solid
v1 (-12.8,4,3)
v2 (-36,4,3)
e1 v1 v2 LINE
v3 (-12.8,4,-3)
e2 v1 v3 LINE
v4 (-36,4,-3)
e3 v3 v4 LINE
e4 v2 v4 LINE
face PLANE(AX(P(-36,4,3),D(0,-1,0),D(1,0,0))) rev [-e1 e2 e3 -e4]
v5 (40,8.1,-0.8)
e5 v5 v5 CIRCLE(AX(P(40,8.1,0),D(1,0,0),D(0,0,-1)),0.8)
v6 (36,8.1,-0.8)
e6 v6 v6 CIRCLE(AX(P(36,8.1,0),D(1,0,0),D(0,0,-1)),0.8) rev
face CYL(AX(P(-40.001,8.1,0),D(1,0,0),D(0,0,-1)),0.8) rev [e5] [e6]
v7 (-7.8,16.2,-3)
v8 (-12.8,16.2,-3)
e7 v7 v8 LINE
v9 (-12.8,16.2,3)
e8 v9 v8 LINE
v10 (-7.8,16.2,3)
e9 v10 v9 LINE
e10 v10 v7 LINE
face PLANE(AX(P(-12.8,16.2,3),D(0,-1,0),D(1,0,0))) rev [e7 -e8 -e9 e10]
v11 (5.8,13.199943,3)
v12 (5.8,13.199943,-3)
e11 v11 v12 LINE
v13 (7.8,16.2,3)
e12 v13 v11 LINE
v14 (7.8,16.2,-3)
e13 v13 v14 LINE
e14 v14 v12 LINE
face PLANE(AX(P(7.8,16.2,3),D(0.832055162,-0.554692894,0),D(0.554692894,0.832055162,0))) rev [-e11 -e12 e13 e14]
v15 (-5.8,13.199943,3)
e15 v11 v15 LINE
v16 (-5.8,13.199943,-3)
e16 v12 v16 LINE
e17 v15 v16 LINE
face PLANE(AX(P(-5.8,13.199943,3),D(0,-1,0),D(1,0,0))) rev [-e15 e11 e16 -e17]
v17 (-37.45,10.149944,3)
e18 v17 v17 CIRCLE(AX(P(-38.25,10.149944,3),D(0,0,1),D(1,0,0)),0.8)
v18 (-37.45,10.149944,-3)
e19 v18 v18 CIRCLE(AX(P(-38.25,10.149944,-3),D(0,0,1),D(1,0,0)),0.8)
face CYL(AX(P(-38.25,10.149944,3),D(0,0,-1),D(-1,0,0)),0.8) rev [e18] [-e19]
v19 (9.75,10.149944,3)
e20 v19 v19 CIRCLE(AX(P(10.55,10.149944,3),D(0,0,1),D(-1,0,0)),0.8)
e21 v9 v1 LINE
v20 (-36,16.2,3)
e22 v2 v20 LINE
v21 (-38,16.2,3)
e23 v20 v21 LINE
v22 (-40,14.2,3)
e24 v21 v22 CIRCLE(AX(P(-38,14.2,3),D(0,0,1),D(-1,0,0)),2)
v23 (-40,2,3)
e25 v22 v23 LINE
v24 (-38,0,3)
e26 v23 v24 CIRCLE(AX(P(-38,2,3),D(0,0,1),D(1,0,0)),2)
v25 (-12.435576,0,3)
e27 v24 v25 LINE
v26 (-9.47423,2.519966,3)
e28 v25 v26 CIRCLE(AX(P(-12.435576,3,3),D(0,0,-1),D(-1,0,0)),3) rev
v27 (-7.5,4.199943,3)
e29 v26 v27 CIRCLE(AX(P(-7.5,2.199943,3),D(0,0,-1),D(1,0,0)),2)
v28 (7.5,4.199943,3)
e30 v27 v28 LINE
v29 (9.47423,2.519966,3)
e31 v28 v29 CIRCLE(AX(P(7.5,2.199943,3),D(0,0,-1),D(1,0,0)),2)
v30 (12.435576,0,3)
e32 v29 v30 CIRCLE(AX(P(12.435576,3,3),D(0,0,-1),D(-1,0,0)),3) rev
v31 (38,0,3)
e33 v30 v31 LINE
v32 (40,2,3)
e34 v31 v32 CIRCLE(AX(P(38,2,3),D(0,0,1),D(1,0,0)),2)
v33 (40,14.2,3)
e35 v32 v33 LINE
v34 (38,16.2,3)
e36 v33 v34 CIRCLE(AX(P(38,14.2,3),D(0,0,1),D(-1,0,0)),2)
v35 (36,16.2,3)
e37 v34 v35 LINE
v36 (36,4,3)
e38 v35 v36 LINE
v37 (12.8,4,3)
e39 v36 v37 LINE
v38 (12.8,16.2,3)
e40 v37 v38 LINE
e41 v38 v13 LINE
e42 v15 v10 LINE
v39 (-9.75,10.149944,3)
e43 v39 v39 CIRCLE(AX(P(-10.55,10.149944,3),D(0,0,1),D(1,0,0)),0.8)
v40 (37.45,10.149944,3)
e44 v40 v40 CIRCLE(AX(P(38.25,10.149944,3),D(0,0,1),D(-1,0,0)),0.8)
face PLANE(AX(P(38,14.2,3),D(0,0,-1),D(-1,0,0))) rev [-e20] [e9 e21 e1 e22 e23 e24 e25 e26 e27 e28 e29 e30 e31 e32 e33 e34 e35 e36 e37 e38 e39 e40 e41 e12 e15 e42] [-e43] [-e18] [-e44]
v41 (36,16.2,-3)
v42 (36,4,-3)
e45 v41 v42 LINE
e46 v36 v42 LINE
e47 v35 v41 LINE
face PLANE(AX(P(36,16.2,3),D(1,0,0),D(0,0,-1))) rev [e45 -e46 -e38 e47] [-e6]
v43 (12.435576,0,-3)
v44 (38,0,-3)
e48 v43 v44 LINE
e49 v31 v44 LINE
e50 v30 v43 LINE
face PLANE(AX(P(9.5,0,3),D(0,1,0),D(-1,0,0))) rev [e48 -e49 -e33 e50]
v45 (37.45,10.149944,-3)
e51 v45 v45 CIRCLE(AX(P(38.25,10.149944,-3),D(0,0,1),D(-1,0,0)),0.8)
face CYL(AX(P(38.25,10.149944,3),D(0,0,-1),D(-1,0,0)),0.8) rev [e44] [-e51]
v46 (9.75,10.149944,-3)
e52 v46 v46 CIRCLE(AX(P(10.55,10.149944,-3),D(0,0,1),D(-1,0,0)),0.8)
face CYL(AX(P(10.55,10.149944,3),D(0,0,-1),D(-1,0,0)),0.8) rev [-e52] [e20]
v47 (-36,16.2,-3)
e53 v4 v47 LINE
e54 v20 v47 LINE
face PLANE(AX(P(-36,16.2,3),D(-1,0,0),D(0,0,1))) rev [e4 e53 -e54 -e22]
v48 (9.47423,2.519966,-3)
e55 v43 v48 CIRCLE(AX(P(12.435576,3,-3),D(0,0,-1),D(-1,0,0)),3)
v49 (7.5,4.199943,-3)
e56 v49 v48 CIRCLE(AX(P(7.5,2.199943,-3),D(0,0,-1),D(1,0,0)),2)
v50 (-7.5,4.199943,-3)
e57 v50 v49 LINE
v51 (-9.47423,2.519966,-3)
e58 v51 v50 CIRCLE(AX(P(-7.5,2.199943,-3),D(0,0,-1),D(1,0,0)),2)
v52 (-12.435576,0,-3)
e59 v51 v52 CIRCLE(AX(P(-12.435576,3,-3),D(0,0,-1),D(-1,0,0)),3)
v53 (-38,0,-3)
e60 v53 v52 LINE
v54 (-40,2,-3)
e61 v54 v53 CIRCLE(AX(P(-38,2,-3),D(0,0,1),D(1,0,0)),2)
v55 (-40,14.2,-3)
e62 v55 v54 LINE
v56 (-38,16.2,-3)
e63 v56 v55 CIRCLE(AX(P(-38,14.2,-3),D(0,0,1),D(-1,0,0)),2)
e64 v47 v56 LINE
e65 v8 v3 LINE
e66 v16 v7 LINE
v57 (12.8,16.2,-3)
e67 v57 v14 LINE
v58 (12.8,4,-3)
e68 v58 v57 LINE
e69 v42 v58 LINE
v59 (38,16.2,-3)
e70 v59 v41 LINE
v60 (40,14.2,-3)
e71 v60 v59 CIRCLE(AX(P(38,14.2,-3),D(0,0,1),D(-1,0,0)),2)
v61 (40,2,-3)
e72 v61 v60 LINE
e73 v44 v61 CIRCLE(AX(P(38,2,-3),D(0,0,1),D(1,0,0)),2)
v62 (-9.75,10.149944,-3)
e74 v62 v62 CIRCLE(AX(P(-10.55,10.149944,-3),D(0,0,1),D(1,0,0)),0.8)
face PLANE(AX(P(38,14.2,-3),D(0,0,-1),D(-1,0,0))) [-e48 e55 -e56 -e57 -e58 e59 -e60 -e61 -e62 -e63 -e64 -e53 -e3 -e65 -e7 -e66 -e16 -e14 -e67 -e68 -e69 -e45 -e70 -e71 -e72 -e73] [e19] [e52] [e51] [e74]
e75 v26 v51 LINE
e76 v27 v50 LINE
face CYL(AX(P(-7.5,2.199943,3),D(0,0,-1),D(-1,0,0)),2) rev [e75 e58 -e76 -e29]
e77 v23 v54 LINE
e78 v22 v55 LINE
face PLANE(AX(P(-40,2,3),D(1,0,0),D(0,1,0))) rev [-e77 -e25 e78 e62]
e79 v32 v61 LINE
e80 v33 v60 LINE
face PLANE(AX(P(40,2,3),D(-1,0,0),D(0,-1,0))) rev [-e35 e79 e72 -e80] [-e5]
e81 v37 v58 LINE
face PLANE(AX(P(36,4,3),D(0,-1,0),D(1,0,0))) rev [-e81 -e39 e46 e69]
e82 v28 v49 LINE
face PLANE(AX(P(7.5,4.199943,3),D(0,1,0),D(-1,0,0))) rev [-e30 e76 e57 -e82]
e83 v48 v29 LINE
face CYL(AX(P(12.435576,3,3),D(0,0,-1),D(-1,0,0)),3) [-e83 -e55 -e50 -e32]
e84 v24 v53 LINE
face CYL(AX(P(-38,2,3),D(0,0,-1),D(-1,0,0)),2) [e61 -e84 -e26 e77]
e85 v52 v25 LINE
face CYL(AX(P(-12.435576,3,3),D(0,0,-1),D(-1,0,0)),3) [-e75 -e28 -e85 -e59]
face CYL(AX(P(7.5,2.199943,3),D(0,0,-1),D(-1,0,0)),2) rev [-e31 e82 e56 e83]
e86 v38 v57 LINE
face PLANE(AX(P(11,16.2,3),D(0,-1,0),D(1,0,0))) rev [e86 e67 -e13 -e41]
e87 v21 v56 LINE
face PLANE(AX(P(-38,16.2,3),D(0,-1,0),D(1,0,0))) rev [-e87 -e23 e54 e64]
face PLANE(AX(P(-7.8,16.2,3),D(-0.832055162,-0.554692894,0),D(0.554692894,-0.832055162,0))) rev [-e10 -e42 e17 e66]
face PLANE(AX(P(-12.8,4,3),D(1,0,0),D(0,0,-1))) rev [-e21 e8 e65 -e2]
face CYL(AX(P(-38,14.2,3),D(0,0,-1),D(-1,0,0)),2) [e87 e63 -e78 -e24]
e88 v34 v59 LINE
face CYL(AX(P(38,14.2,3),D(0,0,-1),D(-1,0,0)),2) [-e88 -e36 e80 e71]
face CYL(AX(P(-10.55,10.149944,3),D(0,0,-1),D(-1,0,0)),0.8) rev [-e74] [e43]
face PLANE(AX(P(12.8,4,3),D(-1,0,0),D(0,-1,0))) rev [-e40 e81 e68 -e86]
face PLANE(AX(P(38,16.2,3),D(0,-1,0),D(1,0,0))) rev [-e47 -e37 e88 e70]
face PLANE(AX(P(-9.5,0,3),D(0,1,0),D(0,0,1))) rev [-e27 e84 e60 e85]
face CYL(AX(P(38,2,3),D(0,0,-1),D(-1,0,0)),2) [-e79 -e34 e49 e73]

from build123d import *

# Parameters (mm, degrees)
IZIM1_R                     = 0.8
Y_KSEKLIK_EKSTR_ZYON1_DEPTH = 3
RADYUS1_R                   = 3
KES_EKSTR_ZYON5_REACH       = 83.679
IZIM6_R                     = 0.8


with BuildPart() as part:
    # Çizim1 → Yükseklik-Ekstrüzyon1 (new, symmetric)
    with BuildSketch(Plane.XY):
        with BuildLine():
            Line((-40, 2), (-40, 14.2))
            ThreePointArc((-40, 14.2), (-39.414213562, 15.614213562), (-38, 16.2))
            Line((-38, 16.2), (-36, 16.2))
            Line((-36, 16.2), (-36, 4))
            Line((-36, 4), (-12.8, 4))
            Line((-12.8, 4), (-12.8, 16.2))
            Line((-12.8, 16.2), (-7.8, 16.2))
            Line((-7.8, 16.2), (-5.8, 13.199942957))
            Line((-5.8, 13.199942957), (5.8, 13.199942957))
            Line((5.8, 13.199942957), (7.8, 16.2))
            Line((7.8, 16.2), (11, 16.2))
            Line((11, 16.2), (12.8, 16.2))
            Line((12.8, 16.2), (12.8, 4))
            Line((12.8, 4), (36, 4))
            Line((36, 4), (36, 16.2))
            Line((36, 16.2), (38, 16.2))
            ThreePointArc((38, 16.2), (39.414213562, 15.614213562), (40, 14.2))
            Line((40, 14.2), (40, 2))
            ThreePointArc((40, 2), (39.414213562, 0.585786438), (38, 0))
            Line((38, 0), (9.5, 0))
            Line((9.5, 0), (9.5, 2.199942957))
            ThreePointArc((9.5, 2.199942957), (8.914213562, 3.614156519), (7.5, 4.199942957))
            Line((7.5, 4.199942957), (-7.5, 4.199942957))
            ThreePointArc((-7.5, 4.199942957), (-8.914213562, 3.614156519), (-9.5, 2.199942957))
            Line((-9.5, 2.199942957), (-9.5, 0))
            Line((-9.5, 0), (-38, 0))
            ThreePointArc((-38, 0), (-39.414213562, 0.585786438), (-40, 2))
        make_face()
        with Locations((-10.55, 10.149944348)):
            Circle(IZIM1_R, mode=Mode.SUBTRACT)
        with Locations((-38.25, 10.149944348)):
            Circle(IZIM1_R, mode=Mode.SUBTRACT)
        with Locations(Location((38.25, 10.149944348, 0), (0, 0, 180))):
            Circle(IZIM1_R, mode=Mode.SUBTRACT)
        with Locations(Location((10.55, 10.149944348, 0), (0, 0, 180))):
            Circle(IZIM1_R, mode=Mode.SUBTRACT)
    extrude(amount=Y_KSEKLIK_EKSTR_ZYON1_DEPTH, both=True)

    # Radyus1
    radyus1_edges = [part.edges().sort_by_distance(p)[0] for p in [
        (9.5, 0, 0),
        (-9.5, 0, 0),
    ]]
    fillet(radyus1_edges, radius=RADYUS1_R)

    # Çizim6 → Kes-Ekstrüzyon5 (cut, up to next)
    with BuildSketch(Plane(origin=(40, 0, 0), x_dir=(0, 0, -1), z_dir=(1, 0, 0)), mode=Mode.PRIVATE) as kes_ekstr_zyon5_sk1:
        with Locations((0, 8.1)):
            Circle(IZIM6_R)
    kes_ekstr_zyon5_tool1 = extrude(kes_ekstr_zyon5_sk1.sketch, amount=-KES_EKSTR_ZYON5_REACH, mode=Mode.PRIVATE) & part.part
    add(kes_ekstr_zyon5_tool1.solids().sort_by_distance((40, 8.1, 0))[0], mode=Mode.SUBTRACT)


solid = part.part
